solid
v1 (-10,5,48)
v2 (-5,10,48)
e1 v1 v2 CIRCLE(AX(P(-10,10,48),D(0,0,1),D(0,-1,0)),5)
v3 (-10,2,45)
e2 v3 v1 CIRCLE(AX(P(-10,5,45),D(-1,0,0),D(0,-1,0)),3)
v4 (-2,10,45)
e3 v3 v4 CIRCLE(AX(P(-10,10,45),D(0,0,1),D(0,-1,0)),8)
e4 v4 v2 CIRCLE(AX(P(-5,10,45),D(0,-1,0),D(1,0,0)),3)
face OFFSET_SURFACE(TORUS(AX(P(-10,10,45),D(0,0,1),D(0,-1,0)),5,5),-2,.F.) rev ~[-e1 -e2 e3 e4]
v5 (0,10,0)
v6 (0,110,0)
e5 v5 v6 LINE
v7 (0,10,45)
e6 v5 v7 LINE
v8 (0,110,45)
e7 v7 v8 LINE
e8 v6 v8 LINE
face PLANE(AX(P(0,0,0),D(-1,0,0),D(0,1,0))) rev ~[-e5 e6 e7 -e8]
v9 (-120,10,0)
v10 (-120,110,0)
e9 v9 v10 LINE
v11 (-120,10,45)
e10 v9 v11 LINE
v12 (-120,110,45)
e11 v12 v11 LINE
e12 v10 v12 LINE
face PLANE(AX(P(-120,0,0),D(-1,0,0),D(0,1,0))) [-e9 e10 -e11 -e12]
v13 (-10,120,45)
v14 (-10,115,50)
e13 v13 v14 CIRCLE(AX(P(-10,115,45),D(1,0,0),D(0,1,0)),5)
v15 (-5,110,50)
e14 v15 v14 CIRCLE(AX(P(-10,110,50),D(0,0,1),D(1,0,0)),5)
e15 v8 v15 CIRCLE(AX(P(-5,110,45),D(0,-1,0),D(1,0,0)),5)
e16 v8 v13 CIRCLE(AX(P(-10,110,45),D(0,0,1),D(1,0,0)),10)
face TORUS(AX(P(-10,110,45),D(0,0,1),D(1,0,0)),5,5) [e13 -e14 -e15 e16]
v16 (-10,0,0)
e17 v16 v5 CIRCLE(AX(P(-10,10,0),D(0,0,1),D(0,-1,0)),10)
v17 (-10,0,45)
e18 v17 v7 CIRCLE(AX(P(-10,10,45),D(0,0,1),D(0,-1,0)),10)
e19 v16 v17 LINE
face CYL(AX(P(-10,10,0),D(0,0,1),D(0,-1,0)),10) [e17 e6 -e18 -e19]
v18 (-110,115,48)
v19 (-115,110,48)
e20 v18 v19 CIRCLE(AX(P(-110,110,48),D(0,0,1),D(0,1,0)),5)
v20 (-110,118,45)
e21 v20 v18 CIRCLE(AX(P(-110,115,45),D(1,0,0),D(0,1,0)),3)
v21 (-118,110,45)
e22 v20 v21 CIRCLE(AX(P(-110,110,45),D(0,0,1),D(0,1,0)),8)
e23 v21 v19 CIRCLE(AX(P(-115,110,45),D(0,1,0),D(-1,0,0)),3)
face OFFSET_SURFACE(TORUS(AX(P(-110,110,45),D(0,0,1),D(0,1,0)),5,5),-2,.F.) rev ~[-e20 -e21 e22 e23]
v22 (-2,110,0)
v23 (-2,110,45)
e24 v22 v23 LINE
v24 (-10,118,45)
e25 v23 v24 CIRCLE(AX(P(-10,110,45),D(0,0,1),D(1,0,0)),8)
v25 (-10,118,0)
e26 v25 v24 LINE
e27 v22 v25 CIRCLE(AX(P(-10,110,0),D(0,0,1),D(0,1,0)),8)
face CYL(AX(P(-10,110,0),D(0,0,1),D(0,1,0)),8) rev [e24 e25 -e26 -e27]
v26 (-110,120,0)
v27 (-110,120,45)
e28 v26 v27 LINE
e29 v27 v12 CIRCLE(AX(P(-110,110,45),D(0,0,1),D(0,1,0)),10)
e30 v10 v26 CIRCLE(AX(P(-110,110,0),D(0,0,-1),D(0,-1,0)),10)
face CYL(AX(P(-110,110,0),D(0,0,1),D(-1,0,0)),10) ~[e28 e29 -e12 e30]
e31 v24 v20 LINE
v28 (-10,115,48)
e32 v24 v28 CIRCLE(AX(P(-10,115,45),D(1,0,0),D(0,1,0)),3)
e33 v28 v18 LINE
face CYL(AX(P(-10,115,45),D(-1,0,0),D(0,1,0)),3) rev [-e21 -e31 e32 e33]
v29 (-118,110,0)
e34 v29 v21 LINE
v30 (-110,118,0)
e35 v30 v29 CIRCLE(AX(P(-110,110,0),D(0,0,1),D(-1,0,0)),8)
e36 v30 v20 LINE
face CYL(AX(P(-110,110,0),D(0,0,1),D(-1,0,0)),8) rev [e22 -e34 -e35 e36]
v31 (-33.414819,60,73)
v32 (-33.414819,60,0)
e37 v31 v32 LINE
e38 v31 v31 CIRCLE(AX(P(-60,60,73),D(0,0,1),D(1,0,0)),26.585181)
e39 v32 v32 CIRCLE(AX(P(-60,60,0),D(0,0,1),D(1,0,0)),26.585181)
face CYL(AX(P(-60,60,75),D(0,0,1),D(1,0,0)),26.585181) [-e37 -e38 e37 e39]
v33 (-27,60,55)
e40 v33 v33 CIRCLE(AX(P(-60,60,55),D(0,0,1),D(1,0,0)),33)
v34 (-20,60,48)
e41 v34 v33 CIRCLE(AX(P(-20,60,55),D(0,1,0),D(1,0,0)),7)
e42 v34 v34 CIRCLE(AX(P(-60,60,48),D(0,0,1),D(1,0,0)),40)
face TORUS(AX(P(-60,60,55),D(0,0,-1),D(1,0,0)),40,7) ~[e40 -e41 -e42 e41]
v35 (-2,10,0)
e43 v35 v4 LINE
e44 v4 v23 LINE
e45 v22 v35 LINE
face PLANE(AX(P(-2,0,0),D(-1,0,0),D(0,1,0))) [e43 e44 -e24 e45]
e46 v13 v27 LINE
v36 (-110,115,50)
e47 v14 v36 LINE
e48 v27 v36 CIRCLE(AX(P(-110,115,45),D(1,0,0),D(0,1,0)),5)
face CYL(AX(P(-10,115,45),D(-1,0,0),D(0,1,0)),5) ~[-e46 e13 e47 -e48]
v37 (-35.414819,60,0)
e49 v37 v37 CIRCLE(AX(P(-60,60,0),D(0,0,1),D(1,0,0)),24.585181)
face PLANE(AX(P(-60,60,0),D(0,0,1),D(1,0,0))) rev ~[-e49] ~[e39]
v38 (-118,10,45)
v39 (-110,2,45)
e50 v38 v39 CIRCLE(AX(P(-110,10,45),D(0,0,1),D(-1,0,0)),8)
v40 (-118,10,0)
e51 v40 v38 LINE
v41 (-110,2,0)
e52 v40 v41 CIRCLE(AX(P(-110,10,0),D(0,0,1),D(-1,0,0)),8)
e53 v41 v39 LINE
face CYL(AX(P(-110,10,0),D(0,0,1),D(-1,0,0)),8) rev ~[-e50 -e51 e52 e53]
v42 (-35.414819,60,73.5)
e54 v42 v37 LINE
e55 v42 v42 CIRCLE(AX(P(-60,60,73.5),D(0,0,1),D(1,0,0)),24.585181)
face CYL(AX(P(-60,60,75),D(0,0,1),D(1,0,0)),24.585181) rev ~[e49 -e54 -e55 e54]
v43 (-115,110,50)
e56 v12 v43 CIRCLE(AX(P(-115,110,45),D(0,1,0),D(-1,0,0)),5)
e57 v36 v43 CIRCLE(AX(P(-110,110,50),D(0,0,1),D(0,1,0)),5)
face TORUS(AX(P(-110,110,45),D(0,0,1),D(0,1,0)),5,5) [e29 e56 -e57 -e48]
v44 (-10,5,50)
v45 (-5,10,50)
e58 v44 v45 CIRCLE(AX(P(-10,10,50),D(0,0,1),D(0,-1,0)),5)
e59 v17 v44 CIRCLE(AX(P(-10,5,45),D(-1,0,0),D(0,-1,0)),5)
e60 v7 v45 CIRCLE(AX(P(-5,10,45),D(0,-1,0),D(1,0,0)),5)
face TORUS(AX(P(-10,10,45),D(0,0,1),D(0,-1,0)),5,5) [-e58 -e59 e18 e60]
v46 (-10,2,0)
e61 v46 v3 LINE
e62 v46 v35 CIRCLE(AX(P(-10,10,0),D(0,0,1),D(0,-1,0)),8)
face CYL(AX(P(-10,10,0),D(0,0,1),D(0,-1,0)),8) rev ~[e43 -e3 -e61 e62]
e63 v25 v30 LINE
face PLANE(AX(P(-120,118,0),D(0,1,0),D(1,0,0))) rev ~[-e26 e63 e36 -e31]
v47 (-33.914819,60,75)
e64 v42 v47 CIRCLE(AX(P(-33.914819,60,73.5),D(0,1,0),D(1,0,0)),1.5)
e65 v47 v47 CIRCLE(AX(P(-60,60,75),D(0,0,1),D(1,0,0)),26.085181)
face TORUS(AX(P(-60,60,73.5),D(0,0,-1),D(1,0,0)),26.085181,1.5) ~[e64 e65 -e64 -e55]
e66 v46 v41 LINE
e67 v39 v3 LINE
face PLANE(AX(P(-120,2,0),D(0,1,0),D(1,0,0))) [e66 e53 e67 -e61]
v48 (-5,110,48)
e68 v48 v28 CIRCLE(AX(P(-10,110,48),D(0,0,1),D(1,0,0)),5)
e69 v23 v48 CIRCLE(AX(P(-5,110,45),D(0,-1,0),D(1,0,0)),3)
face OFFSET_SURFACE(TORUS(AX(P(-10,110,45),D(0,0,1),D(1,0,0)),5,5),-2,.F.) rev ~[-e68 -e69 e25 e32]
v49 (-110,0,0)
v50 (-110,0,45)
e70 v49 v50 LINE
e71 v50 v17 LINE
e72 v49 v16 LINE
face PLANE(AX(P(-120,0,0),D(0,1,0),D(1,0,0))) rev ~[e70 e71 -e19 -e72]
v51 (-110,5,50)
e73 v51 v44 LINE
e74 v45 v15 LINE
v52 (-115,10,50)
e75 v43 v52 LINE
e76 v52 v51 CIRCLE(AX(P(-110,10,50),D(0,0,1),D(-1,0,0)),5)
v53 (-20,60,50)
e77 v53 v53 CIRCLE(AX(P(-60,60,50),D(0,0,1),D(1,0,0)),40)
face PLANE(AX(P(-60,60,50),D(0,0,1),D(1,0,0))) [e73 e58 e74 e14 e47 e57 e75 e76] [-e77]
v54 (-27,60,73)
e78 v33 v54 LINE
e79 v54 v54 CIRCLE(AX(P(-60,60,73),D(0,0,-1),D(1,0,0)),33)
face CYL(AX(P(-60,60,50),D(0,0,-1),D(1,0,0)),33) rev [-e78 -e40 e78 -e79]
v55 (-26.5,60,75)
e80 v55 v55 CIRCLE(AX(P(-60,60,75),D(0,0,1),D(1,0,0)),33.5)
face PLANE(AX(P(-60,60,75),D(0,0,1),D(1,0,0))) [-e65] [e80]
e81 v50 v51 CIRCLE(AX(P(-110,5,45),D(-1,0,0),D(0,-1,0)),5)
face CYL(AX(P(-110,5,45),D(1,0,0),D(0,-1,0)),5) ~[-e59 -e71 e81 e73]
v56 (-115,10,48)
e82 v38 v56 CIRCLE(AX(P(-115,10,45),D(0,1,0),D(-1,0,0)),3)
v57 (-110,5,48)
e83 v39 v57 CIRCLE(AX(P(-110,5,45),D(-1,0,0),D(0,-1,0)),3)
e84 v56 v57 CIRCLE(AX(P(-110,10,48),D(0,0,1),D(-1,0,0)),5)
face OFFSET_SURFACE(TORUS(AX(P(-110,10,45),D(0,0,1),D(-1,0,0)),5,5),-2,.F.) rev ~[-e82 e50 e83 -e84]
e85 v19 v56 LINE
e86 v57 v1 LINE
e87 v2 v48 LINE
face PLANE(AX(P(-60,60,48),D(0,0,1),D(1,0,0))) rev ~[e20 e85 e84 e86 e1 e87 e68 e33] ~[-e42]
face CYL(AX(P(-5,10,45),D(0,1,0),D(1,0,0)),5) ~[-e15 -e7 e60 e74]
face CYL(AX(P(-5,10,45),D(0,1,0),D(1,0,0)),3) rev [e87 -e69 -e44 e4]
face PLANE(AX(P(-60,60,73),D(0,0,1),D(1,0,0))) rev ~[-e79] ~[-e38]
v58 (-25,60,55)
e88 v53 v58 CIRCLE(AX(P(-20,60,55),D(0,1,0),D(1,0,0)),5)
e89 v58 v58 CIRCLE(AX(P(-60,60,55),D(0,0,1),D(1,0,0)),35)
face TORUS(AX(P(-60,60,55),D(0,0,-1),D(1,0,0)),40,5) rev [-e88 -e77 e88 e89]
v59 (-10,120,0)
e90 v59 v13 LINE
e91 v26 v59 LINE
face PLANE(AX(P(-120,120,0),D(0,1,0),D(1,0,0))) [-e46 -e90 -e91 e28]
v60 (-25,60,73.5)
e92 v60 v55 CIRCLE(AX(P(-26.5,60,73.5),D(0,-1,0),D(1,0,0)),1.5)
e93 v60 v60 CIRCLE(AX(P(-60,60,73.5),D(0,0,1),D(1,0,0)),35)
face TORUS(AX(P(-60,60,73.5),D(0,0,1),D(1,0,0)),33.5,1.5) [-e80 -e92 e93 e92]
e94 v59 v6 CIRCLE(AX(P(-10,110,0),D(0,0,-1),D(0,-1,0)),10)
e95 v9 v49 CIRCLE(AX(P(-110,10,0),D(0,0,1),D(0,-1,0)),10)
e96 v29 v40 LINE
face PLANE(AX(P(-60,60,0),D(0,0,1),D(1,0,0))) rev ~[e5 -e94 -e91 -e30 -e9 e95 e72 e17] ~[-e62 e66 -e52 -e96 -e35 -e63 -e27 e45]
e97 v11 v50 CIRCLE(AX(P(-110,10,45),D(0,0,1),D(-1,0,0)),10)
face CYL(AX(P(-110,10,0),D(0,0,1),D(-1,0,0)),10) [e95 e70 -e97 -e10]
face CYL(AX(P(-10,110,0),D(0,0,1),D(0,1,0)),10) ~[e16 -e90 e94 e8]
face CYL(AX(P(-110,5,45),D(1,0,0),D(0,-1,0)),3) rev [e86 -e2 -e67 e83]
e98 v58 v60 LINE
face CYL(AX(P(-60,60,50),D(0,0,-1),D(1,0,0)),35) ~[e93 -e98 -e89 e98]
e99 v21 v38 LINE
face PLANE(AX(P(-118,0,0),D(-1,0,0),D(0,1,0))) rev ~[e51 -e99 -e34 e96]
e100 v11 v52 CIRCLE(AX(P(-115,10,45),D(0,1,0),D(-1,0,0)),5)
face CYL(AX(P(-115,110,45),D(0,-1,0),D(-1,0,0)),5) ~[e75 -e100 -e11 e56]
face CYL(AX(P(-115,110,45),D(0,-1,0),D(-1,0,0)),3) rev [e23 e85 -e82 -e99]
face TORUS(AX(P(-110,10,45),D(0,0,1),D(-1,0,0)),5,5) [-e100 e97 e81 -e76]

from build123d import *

# Parameters (mm, degrees)
SKETCH1_W           = 120
SKETCH1_H           = 120
BOSS_EXTRUDE1_DEPTH = 50
SKETCH3_R           = 35
BOSS_EXTRUDE2_DEPTH = 25
SKETCH8_R           = 24.585181497
CUT_EXTRUDE1_DEPTH  = 186.539753153
FILLET1_R           = 10
FILLET2_R           = 1.5
FILLET3_R           = 5
SHELL1_T            = -2


with BuildPart() as part:
    # Sketch1 → Boss-Extrude1 (new body)
    with BuildSketch(Plane.XY):
        with Locations((-60, 60)):
            Rectangle(SKETCH1_W, SKETCH1_H)
    extrude(amount=BOSS_EXTRUDE1_DEPTH)

    # Sketch3 → Boss-Extrude2 (add)
    with BuildSketch(Plane.XY.offset(50)):
        with Locations((-60, 60)):
            Circle(SKETCH3_R)
    extrude(amount=BOSS_EXTRUDE2_DEPTH)

    # Sketch8 → Cut-Extrude1 (cut, through all)
    with BuildSketch(Plane.XY.offset(75)):
        with Locations((-60, 60)):
            Circle(SKETCH8_R)
    extrude(amount=-CUT_EXTRUDE1_DEPTH, mode=Mode.SUBTRACT)

    # Fillet1
    fillet1_edges = [part.edges().sort_by_distance(p)[0] for p in [
        (0, 0, 25),
        (-120, 0, 25),
        (-120, 120, 25),
        (0, 120, 25),
    ]]
    fillet(fillet1_edges, radius=FILLET1_R)

    # Fillet2
    fillet2_edges = [part.edges().sort_by_distance(p)[0] for p in [
        (-95, 60, 75),
        (-84.585181497, 60, 75),
    ]]
    fillet(fillet2_edges, radius=FILLET2_R)

    # Fillet3
    fillet3_edges = [part.edges().sort_by_distance(p)[0] for p in [
        (-95, 60, 50),
        (-60, 0, 50),
        (-120, 60, 50),
        (0, 60, 50),
        (-60, 120, 50),
        (-2.928932188, 117.071067812, 50),
        (-117.071067812, 117.071067812, 50),
        (-2.928932188, 2.928932188, 50),
        (-117.071067812, 2.928932188, 50),
    ]]
    fillet(fillet3_edges, radius=FILLET3_R)

    # Shell1
    shell1_openings = [part.faces().sort_by_distance(p)[0] for p in [
        (-60, 1.697056275, 0),
    ]]
    offset(amount=SHELL1_T, openings=shell1_openings, kind=Kind.INTERSECTION)


solid = part.part
